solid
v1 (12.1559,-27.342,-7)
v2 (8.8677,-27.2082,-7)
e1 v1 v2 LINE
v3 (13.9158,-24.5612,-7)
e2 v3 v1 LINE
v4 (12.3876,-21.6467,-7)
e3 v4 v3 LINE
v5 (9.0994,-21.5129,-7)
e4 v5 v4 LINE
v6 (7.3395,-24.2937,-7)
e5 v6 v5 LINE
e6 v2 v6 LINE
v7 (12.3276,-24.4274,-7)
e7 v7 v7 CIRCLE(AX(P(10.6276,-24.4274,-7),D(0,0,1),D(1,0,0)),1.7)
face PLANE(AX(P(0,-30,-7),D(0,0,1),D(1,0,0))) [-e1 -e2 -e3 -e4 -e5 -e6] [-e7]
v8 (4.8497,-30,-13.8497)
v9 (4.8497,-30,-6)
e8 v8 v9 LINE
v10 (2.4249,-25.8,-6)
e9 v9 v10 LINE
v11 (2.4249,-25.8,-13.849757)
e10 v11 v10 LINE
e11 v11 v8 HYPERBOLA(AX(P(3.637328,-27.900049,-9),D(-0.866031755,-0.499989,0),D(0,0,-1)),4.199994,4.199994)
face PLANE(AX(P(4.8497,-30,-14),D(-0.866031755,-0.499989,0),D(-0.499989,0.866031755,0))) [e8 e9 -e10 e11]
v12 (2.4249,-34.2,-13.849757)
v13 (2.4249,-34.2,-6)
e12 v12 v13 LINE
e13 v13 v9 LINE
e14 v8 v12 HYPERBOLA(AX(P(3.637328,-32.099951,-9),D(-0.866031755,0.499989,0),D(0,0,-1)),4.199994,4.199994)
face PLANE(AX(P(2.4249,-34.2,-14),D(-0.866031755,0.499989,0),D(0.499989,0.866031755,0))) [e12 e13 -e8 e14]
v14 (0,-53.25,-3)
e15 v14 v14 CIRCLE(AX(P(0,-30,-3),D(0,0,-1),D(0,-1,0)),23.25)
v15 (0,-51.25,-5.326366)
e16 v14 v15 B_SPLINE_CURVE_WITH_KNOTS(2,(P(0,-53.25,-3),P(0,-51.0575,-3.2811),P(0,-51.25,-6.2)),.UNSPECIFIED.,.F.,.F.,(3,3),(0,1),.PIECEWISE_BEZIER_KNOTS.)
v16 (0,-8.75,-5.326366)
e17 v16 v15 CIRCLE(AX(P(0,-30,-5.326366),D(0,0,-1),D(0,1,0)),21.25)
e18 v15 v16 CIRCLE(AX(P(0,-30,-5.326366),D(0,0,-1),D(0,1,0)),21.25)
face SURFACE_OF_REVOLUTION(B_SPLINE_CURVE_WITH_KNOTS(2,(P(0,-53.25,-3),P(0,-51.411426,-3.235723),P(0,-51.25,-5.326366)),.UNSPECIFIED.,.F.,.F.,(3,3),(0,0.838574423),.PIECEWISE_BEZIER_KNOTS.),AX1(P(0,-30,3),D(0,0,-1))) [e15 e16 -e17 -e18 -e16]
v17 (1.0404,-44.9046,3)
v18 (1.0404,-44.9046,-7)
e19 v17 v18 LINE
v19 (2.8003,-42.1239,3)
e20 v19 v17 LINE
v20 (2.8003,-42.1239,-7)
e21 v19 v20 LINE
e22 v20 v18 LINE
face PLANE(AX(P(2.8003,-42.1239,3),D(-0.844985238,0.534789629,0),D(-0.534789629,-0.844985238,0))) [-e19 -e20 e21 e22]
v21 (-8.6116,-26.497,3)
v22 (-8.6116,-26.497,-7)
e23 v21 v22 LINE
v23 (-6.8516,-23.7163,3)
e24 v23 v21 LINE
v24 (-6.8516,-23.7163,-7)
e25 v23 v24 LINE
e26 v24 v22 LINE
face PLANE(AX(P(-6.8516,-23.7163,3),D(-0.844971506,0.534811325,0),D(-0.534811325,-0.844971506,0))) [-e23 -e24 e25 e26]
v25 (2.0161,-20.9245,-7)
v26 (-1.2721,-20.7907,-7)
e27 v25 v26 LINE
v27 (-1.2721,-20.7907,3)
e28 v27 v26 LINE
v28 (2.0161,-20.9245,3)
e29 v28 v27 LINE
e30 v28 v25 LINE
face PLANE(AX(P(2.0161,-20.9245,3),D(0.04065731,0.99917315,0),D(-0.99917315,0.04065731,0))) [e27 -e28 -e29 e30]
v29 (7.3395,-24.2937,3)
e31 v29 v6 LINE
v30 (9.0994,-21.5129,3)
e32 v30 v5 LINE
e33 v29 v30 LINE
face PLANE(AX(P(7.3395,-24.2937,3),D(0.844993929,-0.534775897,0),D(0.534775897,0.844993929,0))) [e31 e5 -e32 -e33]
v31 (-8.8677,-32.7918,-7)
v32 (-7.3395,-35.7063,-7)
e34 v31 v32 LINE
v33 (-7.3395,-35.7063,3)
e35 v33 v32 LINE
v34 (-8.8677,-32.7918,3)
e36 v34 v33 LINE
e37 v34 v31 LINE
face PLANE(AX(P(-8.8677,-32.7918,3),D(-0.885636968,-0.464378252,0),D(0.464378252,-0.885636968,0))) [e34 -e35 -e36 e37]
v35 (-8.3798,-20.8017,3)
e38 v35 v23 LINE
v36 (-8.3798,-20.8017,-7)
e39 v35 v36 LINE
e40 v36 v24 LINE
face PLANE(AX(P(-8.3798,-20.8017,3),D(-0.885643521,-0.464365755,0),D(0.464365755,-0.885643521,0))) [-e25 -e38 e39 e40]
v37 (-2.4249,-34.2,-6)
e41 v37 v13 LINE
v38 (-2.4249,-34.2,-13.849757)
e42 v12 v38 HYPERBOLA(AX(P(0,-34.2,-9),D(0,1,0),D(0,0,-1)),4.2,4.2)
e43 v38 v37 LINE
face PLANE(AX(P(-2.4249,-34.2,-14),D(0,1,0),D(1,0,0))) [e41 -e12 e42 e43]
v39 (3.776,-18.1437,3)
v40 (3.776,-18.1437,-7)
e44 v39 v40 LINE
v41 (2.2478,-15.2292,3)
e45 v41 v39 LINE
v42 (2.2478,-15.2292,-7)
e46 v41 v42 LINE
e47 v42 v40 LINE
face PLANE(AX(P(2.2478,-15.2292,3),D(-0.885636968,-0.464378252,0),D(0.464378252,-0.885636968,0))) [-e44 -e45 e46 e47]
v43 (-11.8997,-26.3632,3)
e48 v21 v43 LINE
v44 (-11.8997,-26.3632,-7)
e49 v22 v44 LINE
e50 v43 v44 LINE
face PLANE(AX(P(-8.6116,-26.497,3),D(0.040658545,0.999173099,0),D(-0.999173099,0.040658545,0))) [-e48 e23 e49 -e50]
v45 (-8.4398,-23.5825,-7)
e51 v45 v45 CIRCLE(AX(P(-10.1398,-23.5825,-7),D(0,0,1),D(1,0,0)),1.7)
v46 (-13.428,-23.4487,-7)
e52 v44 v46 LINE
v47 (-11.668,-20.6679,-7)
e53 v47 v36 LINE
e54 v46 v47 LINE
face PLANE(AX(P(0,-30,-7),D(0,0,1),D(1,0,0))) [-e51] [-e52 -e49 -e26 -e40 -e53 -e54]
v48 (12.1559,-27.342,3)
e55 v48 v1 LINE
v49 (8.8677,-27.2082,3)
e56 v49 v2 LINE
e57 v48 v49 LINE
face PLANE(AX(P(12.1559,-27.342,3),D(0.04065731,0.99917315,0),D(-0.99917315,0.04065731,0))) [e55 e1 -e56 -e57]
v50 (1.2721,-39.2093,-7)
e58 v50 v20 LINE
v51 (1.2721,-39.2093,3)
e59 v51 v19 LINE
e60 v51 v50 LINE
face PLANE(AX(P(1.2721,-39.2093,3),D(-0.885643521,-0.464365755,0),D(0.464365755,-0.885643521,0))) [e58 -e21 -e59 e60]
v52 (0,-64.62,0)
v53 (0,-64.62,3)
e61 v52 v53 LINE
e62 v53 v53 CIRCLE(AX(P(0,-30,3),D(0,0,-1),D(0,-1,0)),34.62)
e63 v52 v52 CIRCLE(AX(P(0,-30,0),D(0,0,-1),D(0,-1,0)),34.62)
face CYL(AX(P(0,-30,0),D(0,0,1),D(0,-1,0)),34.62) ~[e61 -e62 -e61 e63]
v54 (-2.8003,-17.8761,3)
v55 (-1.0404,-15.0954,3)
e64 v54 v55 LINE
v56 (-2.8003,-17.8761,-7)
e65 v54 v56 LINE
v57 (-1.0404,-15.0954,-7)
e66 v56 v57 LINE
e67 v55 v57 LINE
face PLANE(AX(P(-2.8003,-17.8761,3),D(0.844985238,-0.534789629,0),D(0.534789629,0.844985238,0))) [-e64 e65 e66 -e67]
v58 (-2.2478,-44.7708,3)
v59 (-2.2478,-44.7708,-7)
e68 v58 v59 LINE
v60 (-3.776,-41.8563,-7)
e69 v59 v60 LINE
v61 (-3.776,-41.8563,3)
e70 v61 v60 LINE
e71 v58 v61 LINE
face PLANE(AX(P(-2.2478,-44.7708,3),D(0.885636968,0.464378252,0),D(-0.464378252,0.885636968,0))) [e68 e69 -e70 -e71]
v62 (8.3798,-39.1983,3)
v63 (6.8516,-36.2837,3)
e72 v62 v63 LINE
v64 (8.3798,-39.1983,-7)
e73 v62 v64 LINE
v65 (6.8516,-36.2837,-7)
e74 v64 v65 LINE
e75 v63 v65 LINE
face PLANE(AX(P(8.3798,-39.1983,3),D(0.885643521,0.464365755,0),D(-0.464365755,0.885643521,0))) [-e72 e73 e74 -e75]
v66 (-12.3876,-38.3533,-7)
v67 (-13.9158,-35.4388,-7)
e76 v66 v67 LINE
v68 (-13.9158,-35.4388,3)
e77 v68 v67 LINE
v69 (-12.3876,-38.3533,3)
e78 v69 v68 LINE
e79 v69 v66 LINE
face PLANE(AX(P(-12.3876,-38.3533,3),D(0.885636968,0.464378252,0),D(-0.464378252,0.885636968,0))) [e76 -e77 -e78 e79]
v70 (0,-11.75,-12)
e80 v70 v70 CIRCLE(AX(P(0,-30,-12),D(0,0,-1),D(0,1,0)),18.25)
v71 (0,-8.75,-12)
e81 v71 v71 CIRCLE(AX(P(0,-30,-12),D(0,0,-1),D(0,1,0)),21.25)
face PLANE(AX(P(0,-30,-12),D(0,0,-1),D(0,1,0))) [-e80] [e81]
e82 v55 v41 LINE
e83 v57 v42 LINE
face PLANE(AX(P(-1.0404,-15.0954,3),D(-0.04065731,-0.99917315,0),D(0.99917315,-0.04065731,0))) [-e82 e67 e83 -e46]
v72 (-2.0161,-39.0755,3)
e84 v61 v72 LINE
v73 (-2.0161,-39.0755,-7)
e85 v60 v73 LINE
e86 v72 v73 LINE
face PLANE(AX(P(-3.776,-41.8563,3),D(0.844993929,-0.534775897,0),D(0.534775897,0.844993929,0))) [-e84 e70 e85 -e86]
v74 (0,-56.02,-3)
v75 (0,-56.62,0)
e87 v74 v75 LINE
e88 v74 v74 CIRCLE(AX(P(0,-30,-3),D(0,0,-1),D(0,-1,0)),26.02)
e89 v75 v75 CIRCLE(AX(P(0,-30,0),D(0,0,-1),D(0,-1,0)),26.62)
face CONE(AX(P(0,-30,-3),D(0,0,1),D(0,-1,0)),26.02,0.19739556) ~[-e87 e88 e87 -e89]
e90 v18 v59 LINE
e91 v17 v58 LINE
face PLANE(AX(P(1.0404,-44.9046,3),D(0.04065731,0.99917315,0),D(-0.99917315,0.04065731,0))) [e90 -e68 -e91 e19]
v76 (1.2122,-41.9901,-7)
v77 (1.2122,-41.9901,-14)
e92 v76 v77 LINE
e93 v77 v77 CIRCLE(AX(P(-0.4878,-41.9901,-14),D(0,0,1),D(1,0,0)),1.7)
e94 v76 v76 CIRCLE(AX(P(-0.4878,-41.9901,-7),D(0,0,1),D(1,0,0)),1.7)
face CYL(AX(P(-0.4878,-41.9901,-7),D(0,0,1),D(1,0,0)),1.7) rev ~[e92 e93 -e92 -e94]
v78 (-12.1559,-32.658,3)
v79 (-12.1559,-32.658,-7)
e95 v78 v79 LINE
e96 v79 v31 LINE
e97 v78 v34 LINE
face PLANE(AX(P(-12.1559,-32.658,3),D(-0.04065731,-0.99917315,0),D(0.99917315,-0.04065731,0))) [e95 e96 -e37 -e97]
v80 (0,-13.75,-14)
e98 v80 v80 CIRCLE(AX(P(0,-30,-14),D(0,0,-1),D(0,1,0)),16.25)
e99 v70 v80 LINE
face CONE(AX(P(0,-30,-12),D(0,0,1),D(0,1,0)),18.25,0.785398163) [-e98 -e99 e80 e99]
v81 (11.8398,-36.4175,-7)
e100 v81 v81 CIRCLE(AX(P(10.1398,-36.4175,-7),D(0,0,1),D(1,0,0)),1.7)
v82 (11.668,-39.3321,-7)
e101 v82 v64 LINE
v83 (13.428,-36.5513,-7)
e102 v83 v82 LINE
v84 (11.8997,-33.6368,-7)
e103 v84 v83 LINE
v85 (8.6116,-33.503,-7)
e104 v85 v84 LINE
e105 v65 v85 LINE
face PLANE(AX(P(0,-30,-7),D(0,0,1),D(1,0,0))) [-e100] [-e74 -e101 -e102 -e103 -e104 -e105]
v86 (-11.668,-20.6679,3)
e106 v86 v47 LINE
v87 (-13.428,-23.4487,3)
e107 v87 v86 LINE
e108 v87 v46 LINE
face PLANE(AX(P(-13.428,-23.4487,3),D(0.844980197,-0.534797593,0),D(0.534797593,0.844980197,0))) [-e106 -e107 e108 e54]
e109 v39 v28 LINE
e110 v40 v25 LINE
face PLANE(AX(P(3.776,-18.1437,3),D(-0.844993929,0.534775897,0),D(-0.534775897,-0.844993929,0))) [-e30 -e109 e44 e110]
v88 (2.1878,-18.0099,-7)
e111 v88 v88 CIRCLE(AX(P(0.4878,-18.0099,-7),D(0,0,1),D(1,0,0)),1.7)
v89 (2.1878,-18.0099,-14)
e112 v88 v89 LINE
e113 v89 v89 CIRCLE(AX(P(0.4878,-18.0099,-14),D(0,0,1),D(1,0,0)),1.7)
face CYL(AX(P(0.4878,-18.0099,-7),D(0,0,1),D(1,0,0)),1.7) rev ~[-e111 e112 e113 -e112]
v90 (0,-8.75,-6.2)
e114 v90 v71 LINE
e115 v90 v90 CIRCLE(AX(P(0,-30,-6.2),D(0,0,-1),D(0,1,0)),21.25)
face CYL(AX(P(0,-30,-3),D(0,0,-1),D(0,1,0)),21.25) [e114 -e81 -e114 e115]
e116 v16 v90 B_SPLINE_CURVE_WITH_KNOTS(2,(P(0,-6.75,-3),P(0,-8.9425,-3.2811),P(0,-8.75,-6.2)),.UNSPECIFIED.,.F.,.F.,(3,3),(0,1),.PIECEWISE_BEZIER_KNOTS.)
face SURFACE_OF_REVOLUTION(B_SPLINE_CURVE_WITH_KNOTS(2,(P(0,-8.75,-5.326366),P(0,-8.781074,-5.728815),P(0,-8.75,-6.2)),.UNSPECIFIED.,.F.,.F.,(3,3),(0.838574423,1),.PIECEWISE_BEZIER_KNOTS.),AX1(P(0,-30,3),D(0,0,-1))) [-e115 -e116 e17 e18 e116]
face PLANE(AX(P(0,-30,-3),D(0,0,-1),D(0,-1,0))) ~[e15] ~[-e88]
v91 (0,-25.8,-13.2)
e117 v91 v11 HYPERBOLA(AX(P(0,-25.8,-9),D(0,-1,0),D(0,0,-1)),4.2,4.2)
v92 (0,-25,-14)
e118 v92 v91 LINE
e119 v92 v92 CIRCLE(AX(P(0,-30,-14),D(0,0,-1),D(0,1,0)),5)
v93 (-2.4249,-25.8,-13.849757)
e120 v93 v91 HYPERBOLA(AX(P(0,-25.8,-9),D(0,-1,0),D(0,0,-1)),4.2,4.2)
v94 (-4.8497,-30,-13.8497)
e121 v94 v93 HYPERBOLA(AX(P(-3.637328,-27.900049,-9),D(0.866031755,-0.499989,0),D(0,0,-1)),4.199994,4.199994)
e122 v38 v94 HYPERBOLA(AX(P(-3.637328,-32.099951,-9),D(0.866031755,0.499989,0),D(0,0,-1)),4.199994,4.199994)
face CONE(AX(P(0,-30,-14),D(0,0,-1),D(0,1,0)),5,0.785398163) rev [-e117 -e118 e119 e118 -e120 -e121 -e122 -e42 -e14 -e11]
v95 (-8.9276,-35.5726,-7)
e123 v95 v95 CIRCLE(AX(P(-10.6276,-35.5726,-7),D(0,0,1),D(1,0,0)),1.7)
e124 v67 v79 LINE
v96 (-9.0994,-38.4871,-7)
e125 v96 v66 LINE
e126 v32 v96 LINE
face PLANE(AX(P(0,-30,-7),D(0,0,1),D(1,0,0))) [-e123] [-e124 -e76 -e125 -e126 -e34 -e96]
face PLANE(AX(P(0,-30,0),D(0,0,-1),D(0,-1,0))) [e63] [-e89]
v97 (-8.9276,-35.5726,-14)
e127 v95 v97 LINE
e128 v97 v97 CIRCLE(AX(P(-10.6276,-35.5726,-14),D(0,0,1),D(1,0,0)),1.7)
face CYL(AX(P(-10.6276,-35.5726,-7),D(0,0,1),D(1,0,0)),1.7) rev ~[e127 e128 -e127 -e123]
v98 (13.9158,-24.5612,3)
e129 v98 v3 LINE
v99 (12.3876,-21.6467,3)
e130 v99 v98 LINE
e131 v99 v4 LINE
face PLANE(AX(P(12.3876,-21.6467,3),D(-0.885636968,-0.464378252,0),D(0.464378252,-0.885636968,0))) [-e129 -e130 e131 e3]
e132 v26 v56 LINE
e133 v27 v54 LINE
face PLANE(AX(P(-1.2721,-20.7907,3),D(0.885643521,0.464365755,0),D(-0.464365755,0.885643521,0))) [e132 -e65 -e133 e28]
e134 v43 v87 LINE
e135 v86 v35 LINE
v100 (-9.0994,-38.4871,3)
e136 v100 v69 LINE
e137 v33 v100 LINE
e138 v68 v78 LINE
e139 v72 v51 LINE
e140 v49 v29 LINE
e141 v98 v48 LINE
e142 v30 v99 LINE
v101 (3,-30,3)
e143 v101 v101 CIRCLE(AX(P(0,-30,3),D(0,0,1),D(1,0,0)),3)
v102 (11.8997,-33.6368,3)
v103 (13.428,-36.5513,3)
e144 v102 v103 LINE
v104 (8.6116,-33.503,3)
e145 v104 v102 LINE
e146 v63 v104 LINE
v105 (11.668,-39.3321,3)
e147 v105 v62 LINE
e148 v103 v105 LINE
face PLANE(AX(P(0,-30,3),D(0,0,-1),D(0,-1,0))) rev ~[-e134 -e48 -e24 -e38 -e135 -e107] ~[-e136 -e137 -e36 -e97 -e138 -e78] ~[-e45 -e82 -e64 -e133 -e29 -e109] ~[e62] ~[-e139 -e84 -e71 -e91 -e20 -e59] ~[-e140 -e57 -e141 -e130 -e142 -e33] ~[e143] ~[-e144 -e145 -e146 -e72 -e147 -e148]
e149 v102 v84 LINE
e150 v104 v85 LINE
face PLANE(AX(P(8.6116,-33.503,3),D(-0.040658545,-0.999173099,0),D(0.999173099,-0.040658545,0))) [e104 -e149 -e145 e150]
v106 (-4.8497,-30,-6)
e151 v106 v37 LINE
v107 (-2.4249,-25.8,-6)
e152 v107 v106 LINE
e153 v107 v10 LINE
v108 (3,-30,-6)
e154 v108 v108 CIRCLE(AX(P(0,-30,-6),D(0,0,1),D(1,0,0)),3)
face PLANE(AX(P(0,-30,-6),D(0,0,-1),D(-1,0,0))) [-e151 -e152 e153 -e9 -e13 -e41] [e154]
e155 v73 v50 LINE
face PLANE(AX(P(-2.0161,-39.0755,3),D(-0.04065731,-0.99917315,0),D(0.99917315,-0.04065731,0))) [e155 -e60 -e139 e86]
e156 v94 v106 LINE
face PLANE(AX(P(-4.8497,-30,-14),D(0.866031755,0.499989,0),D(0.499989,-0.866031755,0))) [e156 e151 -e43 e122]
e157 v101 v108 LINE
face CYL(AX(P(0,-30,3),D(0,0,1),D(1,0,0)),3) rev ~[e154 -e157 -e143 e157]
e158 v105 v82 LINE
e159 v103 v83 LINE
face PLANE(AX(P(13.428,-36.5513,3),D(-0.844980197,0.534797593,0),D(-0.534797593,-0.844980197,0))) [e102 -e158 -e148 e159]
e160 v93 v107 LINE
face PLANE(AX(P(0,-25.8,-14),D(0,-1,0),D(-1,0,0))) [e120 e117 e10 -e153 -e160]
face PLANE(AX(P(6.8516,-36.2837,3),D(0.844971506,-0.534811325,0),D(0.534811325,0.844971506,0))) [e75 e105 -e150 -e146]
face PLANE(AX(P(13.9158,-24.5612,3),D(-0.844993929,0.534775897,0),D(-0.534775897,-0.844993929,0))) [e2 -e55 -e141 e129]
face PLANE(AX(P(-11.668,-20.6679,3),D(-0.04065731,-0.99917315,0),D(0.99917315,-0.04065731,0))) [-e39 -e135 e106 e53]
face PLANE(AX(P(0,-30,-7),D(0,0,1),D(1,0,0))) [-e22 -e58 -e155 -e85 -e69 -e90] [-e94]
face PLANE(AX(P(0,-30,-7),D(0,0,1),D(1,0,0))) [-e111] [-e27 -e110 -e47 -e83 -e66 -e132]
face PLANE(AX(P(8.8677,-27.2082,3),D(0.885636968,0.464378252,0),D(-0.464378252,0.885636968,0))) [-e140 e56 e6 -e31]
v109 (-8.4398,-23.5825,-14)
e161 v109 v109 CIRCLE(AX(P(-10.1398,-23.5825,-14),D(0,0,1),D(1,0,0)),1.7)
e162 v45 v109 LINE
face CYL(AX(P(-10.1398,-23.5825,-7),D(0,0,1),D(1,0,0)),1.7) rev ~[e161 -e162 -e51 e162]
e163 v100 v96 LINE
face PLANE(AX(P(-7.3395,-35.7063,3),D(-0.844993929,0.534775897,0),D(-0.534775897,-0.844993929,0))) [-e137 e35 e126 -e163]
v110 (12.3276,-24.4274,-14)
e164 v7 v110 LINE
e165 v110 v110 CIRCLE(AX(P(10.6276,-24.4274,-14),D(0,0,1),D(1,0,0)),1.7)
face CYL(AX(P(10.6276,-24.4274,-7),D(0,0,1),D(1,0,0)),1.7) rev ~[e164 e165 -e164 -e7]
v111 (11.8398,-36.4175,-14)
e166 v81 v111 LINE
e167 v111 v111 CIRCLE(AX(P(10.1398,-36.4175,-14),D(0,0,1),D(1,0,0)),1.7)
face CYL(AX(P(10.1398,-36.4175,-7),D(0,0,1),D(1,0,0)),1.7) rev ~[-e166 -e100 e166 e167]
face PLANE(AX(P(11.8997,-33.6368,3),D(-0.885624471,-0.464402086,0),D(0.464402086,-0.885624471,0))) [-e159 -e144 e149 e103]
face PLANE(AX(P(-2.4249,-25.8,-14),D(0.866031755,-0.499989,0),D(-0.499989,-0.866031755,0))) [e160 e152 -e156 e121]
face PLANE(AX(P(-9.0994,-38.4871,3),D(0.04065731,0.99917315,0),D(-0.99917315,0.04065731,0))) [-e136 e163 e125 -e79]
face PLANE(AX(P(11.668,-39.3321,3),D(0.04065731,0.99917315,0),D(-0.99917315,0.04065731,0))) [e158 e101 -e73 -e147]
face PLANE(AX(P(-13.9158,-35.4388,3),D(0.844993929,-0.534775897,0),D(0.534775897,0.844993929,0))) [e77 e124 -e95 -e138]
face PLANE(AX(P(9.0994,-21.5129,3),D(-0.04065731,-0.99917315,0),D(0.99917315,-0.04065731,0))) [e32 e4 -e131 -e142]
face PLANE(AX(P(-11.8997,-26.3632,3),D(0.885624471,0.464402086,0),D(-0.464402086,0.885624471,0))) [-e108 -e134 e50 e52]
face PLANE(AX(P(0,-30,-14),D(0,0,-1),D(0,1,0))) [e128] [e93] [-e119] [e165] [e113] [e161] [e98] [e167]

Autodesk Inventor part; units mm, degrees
ref_plane "YZ Plane" through (0, 0, 0) normal (1, 0, 0) x (0, 1, 0)
ref_plane "XZ Plane" through (0, 0, 0) normal (0, 1, 0) x (-1, 0, 0)
ref_plane "XY Plane" through (0, 0, 0) normal (0, 0, 1) x (1, 0, 0)
sketch "Эскиз1" plane through (0, 0, 0) normal (1, 0, 0) x (0, 1, 0)
  line L0 (-3.98, -3) -> (-3.38, 0)
  line L1 (-3.98, -3) -> (-56.02, -3) projected
  line L2 (-4.48, -22.93) -> (-4.48, -3)
  line L3 (-55.52, -22.93) -> (-55.52, -3)
  line L4 (-3.98, -3) -> (-56.02, -3) projected
  line L5 (-56.02, -3) -> (-56.62, 0)
  line L6 (-60, 0) -> (0, 0) projected
  line L7 (-60, 0) -> (-60, -22.93)
  line L8 (0, 0) -> (0, -22.93)
  line L9 (-60, -22.93) -> (0, -22.93) projected
  line L10 (-3.98, -3) -> (-3.98, -3)
  line L11 (-3.98, -3) -> (-3.38, 0)
  line L12 (-56.02, -3) -> (-56.02, -3)
  line L13 (-56.02, -3) -> (-56.62, 0)
  line L14 (-3.38, 0) -> (4.62, 0)
  line L15 (-56.62, 0) -> (-64.62, 0)
  line L16 (-64.62, 0) -> (-64.62, 3)
  line L17 (-64.62, 3) -> (4.62, 3)
  line L18 (4.62, 3) -> (4.62, 0)
  line L19 (-30, -3) -> (-51.25, -3)
  line L20 (-51.25, -3) -> (-8.75, -3)
  line L21 (-8.75, -3) -> (-8.75, -22.93)
  line L22 (-51.25, -3) -> (-51.25, -22.93)
  line L23 (-52.5, -22.93) -> (-51.25, -22.93)
  line L24 (-51.5625, -21.93) -> (-51.5625, -22.93)
  line L25 (-51.875, -21.93) -> (-51.25, -21.93)
  line L26 (-52.5, -22.93) -> (-51.25, -20.93)
  spline S0 degree 2 poles (-52.5, -22.93) (-51.1297, -22.7543) (-51.25, -20.93) knots 0 0 0 1 1 1
  line L27 (-8.75, -19) -> (-8.75, -12)
  line L28 (-8.75, -12) -> (-51.25, -12)
  line L29 (-30, 3) -> (-30, -22.93)
  line L30 (-8.75, -12) -> (-11.75, -12)
  line L31 (-30, -12) -> (-30, -14)
  line L32 (-11.75, -12) -> (-13.75, -14)
  line L33 (-11.75, -12) -> (-8.9216, -12) construction
  line L34 (-13.75, -14) -> (-30, -14)
  line L35 (2, 0) -> (0, 0)
  line L36 (-7.75, -4.6) -> (-8.75, -4.6)
  line L37 (-8.25, -4.6) -> (-8.25, -3)
  line L38 (-6.75, -3) -> (-8.75, -3)
  line L39 (-6.75, -3) -> (-8.75, -6.2)
  spline S1 degree 2 poles (-6.75, -3) (-8.9425, -3.2811) (-8.75, -6.2) knots 0 0 0 1 1 1
  spline S2 degree 2 poles (-53.25, -3) (-51.0575, -3.2811) (-51.25, -6.2) knots 0 0 0 1 1 1
  line L40 (-30, -14) -> (-25, -14)
  line L41 (-25, -14) -> (-27, -12)
  point P0 (-51.5625, -22.43)
  point P1 (-30, -15.93)
  point P2 (1.4531, 0)
  point P3 (-8.25, -3.8)
  point P4 (-51.75, -3.8)
  point P5 (-30, -3)
  point P6 (-53.25, -3)
  point P7 (-51.25, -5.3265)
  point P8 (-8.75, -5.3265)
  dimension "d0" = 0
  dimension "d1" = 0
  dimension "d2" = 8
  dimension "d3" = 8
  dimension "d4" = 3
  dimension "d5" = 21.25
  dimension "d6" = 42.5
  dimension "d11" = 7
  dimension "d13" = 3
  dimension "d14" = 2
  dimension "d15" = 135
  dimension "d20" = 0
  dimension "d21" = 0
  dimension "d22" = 9
  dimension "d23" = 5
revolve "Вращение1" add sketch "Эскиз1" angle 360 about axis through (0, -30, 3) along (0, 0, -1) contours L29 L1 L5 L6 | L6 L15 L16 L17 L29 | L1 L21 S1 L28 L29 | L22 S2 L1 | L28 L32 L34 L41
sketch "Эскиз4" plane through (0, -30, 3) normal (0, 0, 1) x (1, 0, 0)
  line L0 (-1.2721, 9.2093) -> (-2.8003, 12.1239) projected
  line L1 (-2.8003, 12.1239) -> (-1.0404, 14.9046) projected
  line L2 (-1.0404, 14.9046) -> (2.2478, 14.7708) projected
  line L3 (2.2478, 14.7708) -> (3.776, 11.8563) projected
  line L4 (3.776, 11.8563) -> (2.0161, 9.0755) projected
  line L5 (2.0161, 9.0755) -> (-1.2721, 9.2093) projected
  circle A0 centre (0.4878, 11.9901) radius 1.7 projected
  line L6 (-11.8997, 3.6368) -> (-13.428, 6.5513) projected
  line L7 (-13.428, 6.5513) -> (-11.668, 9.3321) projected
  line L8 (-11.668, 9.3321) -> (-8.3798, 9.1983) projected
  line L9 (-8.3798, 9.1983) -> (-6.8516, 6.2837) projected
  line L10 (-6.8516, 6.2837) -> (-8.6116, 3.503) projected
  line L11 (-8.6116, 3.503) -> (-11.8997, 3.6368) projected
  line L12 (-9.0994, -8.4871) -> (-12.3876, -8.3533) projected
  line L13 (-12.3876, -8.3533) -> (-13.9158, -5.4388) projected
  line L14 (-13.9158, -5.4388) -> (-12.1559, -2.658) projected
  line L15 (-12.1559, -2.658) -> (-8.8677, -2.7918) projected
  line L16 (-8.8677, -2.7918) -> (-7.3395, -5.7063) projected
  line L17 (-7.3395, -5.7063) -> (-9.0994, -8.4871) projected
  line L18 (2.8003, -12.1239) -> (1.0404, -14.9046) projected
  line L19 (1.0404, -14.9046) -> (-2.2478, -14.7708) projected
  line L20 (-2.2478, -14.7708) -> (-3.776, -11.8563) projected
  line L21 (-3.776, -11.8563) -> (-2.0161, -9.0755) projected
  line L22 (-2.0161, -9.0755) -> (1.2721, -9.2093) projected
  line L23 (1.2721, -9.2093) -> (2.8003, -12.1239) projected
  line L24 (11.8997, -3.6368) -> (13.428, -6.5513) projected
  line L25 (13.428, -6.5513) -> (11.668, -9.3321) projected
  line L26 (11.668, -9.3321) -> (8.3798, -9.1983) projected
  line L27 (8.3798, -9.1983) -> (6.8516, -6.2837) projected
  line L28 (6.8516, -6.2837) -> (8.6116, -3.503) projected
  line L29 (8.6116, -3.503) -> (11.8997, -3.6368) projected
  line L30 (9.0994, 8.4871) -> (12.3876, 8.3533) projected
  line L31 (12.3876, 8.3533) -> (13.9158, 5.4388) projected
  line L32 (13.9158, 5.4388) -> (12.1559, 2.658) projected
  line L33 (12.1559, 2.658) -> (8.8677, 2.7918) projected
  line L34 (8.8677, 2.7918) -> (7.3395, 5.7063) projected
  line L35 (7.3395, 5.7063) -> (9.0994, 8.4871) projected
  point P0 (0, 30)
extrude "Выдавливание3" cut sketch "Эскиз4" against normal blind 10 contours L0 L1 L2 L3 L4 L5 | A0 | L6 L7 L8 L9 L10 L11 | L12 L13 L14 L15 L16 L17 | L18 L19 L20 L21 L22 L23 | L24 L25 L26 L27 L28 L29 | L30 L31 L32 L33 L34 L35
sketch "Эскиз5" plane through (0, -30, -7) normal (0, 0, 1) x (1, 0, 0)
  circle A0 centre (0.4878, 11.9901) radius 1.7 projected
  circle A1 centre (10.6276, 5.5726) radius 1.7 projected
  circle A2 centre (10.1398, -6.4175) radius 1.7 projected
  circle A3 centre (-0.4878, -11.9901) radius 1.7 projected
  circle A4 centre (-10.6276, -5.5726) radius 1.7 projected
  circle A5 centre (-10.1398, 6.4175) radius 1.7 projected
  point P0 (0, 30)
extrude "Выдавливание4" cut sketch "Эскиз5" against normal blind 10
sketch "Эскиз6" plane through (0, -30, 3) normal (0, 0, 1) x (1, 0, 0)
  circle A0 centre (0, 0) radius 3
  point P0 (0, 30)
  dimension "d28" = 6
extrude "Выдавливание5" cut sketch "Эскиз6" against normal blind 20
sketch "Эскиз7" plane through (0, -30, -14) normal (0, 0, -1) x (-1, 0, 0)
  line L0 (0, 0) -> (0, 4.2)
  line L1 (2.4249, 4.2) -> (4.8497, 0)
  line L2 (4.8497, 0) -> (2.4249, -4.2)
  line L3 (2.4249, -4.2) -> (-2.4249, -4.2)
  line L4 (-2.4249, -4.2) -> (-4.8497, 0)
  line L5 (-4.8497, 0) -> (-2.4249, 4.2)
  line L6 (-2.4249, 4.2) -> (2.4249, 4.2)
  point P0 (0, 30)
  dimension "d31" = 4.2
extrude "Выдавливание6" cut sketch "Эскиз7" against normal blind 8
properties part number "tire vtulka2"
